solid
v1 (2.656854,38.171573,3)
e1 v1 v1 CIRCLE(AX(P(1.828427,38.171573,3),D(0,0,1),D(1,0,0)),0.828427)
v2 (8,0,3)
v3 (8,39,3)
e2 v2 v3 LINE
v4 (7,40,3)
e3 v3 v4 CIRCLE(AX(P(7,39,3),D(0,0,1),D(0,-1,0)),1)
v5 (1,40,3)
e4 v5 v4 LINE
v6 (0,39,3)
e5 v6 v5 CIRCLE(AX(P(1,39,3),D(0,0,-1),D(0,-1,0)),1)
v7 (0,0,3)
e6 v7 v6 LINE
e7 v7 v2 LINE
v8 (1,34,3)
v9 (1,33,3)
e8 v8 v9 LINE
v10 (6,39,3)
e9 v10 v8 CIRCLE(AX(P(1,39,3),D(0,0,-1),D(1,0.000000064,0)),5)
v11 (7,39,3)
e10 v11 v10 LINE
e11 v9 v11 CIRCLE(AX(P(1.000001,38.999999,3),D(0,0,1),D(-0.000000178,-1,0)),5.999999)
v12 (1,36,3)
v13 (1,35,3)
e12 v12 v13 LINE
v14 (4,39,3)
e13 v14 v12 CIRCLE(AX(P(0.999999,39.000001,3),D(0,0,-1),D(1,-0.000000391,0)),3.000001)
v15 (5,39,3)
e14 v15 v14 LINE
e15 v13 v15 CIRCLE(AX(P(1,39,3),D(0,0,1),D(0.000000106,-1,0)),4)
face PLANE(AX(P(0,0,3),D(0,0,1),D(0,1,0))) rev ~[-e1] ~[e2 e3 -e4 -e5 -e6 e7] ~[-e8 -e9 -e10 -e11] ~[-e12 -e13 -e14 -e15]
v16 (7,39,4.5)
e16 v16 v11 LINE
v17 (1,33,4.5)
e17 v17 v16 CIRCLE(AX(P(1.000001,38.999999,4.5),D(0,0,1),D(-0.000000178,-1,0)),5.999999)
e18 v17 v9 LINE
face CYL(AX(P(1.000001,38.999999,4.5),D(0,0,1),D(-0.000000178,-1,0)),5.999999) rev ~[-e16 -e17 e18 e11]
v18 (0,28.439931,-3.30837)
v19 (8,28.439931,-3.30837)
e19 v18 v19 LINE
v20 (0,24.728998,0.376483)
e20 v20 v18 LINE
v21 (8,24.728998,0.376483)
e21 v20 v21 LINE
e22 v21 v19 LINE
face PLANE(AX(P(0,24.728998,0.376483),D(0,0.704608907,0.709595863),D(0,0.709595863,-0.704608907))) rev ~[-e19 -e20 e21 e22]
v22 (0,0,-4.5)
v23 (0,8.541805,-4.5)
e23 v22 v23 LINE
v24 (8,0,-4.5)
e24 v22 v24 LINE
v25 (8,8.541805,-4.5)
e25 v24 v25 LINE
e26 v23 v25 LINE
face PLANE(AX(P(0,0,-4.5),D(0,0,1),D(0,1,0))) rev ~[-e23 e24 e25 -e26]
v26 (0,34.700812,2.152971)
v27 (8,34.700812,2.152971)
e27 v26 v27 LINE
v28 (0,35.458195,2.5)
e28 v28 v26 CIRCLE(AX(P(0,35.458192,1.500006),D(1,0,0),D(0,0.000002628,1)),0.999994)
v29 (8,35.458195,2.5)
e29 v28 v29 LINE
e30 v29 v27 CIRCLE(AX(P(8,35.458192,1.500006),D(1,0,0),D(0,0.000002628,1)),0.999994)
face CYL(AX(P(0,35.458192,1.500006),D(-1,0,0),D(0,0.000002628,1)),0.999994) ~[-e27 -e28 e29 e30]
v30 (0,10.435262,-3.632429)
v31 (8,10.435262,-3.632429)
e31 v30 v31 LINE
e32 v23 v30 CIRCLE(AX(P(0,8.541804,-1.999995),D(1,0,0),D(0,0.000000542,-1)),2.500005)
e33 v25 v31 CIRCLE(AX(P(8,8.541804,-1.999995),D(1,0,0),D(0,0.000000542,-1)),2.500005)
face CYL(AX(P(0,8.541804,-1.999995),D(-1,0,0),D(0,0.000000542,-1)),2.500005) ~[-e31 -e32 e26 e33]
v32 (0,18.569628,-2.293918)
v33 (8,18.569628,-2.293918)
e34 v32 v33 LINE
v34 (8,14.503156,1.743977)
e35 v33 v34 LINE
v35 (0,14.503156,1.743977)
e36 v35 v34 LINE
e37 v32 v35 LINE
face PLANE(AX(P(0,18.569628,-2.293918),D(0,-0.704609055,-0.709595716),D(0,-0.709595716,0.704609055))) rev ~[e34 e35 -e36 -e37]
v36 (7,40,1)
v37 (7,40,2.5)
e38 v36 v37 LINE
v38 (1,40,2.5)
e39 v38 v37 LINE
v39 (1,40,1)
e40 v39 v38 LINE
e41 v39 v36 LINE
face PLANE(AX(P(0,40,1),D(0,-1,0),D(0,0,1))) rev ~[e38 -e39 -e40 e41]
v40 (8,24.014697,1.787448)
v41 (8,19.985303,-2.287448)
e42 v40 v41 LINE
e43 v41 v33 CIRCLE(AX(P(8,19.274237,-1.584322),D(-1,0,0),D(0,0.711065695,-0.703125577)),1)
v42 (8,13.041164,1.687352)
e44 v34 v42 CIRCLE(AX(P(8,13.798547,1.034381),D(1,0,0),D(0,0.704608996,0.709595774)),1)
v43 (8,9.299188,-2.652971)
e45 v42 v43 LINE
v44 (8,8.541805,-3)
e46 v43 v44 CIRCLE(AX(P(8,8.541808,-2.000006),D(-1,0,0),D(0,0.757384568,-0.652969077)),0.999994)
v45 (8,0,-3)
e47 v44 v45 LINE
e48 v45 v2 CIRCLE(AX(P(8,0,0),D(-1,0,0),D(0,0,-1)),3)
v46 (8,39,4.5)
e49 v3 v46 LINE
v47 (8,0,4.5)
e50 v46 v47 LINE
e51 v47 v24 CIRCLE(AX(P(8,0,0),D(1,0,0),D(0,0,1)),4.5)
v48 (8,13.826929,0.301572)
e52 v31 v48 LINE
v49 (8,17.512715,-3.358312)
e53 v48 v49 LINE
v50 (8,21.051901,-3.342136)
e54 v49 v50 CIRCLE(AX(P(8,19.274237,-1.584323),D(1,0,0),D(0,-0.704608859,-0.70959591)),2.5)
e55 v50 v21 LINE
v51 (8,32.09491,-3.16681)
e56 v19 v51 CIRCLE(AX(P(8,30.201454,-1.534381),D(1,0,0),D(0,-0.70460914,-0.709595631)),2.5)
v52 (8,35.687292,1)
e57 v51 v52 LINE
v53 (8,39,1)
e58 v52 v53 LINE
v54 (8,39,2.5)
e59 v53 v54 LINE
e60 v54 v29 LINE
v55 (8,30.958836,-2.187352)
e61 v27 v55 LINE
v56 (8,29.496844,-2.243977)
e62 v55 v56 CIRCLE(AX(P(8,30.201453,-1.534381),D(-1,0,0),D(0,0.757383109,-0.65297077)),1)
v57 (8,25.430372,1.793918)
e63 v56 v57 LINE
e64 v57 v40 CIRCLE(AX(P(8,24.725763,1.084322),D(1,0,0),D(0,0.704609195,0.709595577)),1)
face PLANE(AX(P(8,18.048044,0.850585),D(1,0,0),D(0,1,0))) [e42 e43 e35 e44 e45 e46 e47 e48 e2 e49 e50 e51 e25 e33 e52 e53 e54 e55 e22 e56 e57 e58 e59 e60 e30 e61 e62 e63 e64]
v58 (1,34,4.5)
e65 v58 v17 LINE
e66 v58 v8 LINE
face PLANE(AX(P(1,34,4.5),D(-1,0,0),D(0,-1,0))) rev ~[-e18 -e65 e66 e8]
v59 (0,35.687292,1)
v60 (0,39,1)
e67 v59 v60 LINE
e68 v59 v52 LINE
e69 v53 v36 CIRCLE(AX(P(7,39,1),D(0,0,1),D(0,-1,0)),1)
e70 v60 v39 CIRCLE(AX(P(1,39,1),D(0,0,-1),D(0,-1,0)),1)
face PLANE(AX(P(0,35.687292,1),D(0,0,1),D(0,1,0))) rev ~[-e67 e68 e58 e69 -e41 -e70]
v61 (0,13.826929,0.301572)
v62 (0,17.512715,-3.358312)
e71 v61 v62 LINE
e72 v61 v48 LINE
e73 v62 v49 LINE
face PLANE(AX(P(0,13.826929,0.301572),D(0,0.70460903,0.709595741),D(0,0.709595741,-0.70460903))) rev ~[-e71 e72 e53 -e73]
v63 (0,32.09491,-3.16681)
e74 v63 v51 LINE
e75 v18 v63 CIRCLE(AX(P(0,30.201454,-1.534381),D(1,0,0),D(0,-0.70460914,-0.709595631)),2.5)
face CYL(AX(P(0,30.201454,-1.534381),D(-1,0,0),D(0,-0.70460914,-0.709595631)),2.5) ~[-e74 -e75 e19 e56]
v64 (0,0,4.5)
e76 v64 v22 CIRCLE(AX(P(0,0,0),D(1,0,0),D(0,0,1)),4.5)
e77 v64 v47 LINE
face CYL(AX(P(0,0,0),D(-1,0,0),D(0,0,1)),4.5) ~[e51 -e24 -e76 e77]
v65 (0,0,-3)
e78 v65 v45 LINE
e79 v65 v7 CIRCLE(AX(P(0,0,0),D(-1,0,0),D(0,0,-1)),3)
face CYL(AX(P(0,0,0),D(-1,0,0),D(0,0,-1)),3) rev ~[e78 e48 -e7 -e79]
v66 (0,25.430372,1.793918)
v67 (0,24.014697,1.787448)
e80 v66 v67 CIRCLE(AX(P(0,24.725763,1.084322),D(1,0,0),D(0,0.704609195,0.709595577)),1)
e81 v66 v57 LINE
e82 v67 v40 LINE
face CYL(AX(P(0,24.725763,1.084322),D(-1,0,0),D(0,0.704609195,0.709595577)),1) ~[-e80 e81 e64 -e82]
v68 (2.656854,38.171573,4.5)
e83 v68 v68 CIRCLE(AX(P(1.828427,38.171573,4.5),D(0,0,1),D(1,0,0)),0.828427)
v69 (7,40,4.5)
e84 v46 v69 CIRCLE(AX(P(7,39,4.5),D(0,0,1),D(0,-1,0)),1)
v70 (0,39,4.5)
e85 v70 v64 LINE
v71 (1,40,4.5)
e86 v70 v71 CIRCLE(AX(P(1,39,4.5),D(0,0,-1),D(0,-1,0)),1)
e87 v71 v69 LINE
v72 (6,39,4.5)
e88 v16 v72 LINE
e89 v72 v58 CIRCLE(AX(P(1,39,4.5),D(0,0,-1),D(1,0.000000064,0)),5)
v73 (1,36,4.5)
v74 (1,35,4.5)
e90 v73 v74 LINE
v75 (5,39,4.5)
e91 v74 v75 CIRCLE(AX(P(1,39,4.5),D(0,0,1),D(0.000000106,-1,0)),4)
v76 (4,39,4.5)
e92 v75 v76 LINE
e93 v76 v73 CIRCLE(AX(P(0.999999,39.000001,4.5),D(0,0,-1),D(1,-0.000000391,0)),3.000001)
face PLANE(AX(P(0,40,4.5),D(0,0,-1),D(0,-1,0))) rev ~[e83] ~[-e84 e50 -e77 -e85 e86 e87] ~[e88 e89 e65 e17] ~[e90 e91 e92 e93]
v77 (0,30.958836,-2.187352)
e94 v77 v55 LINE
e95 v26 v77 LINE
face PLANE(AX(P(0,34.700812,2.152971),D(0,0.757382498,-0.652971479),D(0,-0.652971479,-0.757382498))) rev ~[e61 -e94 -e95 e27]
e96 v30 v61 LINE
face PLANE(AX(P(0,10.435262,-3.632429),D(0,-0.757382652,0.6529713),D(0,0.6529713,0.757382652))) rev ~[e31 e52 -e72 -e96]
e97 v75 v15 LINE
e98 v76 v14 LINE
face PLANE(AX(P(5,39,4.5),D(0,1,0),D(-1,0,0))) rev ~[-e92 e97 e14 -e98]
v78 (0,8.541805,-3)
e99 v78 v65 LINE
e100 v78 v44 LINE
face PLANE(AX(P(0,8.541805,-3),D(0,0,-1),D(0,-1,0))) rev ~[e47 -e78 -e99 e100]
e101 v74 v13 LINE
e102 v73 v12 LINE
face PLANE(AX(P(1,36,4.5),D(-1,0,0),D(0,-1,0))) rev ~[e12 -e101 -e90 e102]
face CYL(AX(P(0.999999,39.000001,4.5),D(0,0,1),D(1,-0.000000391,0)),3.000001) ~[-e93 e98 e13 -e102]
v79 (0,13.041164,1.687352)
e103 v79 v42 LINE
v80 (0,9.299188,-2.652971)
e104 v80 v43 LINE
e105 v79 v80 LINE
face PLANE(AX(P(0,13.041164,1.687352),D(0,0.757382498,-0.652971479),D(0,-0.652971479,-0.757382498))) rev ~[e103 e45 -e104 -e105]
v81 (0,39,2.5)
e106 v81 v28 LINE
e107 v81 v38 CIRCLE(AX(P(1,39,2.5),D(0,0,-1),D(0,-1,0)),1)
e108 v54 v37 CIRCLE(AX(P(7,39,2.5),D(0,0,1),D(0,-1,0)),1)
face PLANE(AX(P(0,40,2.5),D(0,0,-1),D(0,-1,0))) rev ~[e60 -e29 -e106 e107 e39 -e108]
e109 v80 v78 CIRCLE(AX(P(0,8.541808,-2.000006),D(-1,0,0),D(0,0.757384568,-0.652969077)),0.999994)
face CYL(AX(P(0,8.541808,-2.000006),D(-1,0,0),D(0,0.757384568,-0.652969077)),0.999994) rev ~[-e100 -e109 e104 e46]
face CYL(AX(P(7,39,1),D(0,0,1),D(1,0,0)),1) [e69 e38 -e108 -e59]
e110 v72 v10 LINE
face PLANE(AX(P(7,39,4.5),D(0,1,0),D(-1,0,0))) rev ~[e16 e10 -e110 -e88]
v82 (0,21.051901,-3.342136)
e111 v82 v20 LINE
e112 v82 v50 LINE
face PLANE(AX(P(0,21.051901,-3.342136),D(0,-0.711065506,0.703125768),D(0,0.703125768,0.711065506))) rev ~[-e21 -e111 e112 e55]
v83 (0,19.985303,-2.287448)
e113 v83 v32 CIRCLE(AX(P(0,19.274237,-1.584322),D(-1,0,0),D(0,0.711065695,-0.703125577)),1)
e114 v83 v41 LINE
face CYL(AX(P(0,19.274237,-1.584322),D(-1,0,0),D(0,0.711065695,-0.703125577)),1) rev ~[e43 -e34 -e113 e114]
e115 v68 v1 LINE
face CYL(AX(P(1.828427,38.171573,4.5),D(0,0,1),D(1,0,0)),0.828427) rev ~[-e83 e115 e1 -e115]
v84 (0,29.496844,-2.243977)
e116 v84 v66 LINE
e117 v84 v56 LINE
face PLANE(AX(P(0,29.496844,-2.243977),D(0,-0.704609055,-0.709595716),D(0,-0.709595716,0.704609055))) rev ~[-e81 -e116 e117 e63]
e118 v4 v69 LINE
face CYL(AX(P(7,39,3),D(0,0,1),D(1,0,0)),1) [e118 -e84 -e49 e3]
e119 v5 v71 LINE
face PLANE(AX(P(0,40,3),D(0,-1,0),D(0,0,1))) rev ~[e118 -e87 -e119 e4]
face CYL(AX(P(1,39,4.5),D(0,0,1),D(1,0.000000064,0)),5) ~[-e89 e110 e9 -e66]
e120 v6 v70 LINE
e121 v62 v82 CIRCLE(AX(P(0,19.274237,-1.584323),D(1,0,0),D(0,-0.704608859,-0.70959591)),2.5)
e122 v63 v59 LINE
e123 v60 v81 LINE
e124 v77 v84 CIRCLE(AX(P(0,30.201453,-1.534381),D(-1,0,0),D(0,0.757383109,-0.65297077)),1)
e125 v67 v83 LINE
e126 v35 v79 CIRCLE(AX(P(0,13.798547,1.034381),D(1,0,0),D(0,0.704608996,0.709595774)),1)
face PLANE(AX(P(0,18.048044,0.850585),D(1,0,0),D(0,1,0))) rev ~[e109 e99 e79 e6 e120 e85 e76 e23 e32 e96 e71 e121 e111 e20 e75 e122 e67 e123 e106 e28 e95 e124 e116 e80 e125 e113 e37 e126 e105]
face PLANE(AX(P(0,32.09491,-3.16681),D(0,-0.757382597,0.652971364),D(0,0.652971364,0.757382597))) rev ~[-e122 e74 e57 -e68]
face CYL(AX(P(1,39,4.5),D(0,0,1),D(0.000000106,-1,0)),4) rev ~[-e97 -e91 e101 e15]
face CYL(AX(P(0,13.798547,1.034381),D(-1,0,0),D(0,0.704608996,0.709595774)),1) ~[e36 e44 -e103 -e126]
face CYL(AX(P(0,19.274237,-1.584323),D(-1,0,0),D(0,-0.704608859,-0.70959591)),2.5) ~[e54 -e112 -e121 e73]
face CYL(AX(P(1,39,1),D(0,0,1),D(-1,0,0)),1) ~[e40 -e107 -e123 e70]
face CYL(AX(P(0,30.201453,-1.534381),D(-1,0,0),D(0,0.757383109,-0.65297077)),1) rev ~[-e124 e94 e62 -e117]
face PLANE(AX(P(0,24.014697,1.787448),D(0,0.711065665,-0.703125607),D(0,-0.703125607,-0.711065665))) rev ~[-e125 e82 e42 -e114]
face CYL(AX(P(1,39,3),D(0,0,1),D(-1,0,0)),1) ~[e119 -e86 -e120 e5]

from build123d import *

# Parameters (mm, degrees)
F1_DEPTH = 8
F2_R     = 0.828427
F3_DEPTH = 1.5
F4_R     = 1


with BuildPart() as f1:
    # F0 (on Right) → F1 (new body)
    with BuildSketch(Plane.YZ):
        with BuildLine():
            ThreePointArc((0, -3), (-3, 0), (0, 3))
            Line((0, 3), (40, 3))
            Line((40, 3), (40, 4.5))
            Line((40, 4.5), (0, 4.5))
            ThreePointArc((0, 4.5), (-4.5, 0), (0, -4.5))
            Line((0, -4.5), (8.541805, -4.5))
            ThreePointArc((8.541805, -4.5), (9.583182, -4.272781), (10.435262, -3.632429))
            Line((10.435262, -3.632429), (13.826929, 0.301572))
            Line((13.826929, 0.301572), (17.512715, -3.358312))
            ThreePointArc((17.512715, -3.358312), (19.285663, -4.084296), (21.051901, -3.342136))
            Line((21.051901, -3.342136), (24.728998, 0.376483))
            Line((24.728998, 0.376483), (28.439931, -3.30837))
            ThreePointArc((28.439931, -3.30837), (30.298208, -4.032508), (32.09491, -3.16681))
            Line((32.09491, -3.16681), (35.687292, 1))
            Line((35.687292, 1), (40, 1))
            Line((40, 1), (40, 2.5))
            Line((40, 2.5), (35.458195, 2.5))
            ThreePointArc((35.458195, 2.5), (35.041644, 2.409113), (34.700812, 2.152971))
            Line((34.700812, 2.152971), (30.958836, -2.187352))
            ThreePointArc((30.958836, -2.187352), (30.240155, -2.533632), (29.496844, -2.243977))
            Line((29.496844, -2.243977), (25.430372, 1.793918))
            ThreePointArc((25.430372, 1.793918), (24.721192, 2.084312), (24.014697, 1.787448))
            Line((24.014697, 1.787448), (19.985303, -2.287448))
            ThreePointArc((19.985303, -2.287448), (19.278808, -2.584312), (18.569628, -2.293918))
            Line((18.569628, -2.293918), (14.503156, 1.743977))
            ThreePointArc((14.503156, 1.743977), (13.759845, 2.033632), (13.041164, 1.687352))
            Line((13.041164, 1.687352), (9.299188, -2.652971))
            ThreePointArc((9.299188, -2.652971), (8.958356, -2.909113), (8.541805, -3))
            Line((8.541805, -3), (0, -3))
        make_face()
    extrude(amount=F1_DEPTH)

    # F2 (on face) → F3 (cut, through all)
    with BuildSketch(Plane.XY.offset(4.5)):
        with BuildLine():
            ThreePointArc((4, 39), (3.12132, 36.87868), (1, 36))
            Line((1, 36), (1, 35))
            ThreePointArc((1, 35), (3.828427, 36.171573), (5, 39))
            Line((5, 39), (4, 39))
        make_face()
        with BuildLine():
            ThreePointArc((6, 39), (4.535534, 35.464466), (1, 34))
            Line((1, 34), (1, 33))
            ThreePointArc((1, 33), (5.242641, 34.757359), (7, 39))
            Line((7, 39), (6, 39))
        make_face()
        with Locations((1.828427, 38.171573)):
            Circle(F2_R)
    extrude(amount=-F3_DEPTH, mode=Mode.SUBTRACT)

    # F4
    f4_edges = [f1.edges().sort_by_distance(p)[0] for p in [
        (8, 40, 3.75),
        (8, 40, 1.75),
        (0, 40, 1.75),
        (0, 40, 3.75),
    ]]
    fillet(f4_edges, radius=F4_R)


solid = f1.part
